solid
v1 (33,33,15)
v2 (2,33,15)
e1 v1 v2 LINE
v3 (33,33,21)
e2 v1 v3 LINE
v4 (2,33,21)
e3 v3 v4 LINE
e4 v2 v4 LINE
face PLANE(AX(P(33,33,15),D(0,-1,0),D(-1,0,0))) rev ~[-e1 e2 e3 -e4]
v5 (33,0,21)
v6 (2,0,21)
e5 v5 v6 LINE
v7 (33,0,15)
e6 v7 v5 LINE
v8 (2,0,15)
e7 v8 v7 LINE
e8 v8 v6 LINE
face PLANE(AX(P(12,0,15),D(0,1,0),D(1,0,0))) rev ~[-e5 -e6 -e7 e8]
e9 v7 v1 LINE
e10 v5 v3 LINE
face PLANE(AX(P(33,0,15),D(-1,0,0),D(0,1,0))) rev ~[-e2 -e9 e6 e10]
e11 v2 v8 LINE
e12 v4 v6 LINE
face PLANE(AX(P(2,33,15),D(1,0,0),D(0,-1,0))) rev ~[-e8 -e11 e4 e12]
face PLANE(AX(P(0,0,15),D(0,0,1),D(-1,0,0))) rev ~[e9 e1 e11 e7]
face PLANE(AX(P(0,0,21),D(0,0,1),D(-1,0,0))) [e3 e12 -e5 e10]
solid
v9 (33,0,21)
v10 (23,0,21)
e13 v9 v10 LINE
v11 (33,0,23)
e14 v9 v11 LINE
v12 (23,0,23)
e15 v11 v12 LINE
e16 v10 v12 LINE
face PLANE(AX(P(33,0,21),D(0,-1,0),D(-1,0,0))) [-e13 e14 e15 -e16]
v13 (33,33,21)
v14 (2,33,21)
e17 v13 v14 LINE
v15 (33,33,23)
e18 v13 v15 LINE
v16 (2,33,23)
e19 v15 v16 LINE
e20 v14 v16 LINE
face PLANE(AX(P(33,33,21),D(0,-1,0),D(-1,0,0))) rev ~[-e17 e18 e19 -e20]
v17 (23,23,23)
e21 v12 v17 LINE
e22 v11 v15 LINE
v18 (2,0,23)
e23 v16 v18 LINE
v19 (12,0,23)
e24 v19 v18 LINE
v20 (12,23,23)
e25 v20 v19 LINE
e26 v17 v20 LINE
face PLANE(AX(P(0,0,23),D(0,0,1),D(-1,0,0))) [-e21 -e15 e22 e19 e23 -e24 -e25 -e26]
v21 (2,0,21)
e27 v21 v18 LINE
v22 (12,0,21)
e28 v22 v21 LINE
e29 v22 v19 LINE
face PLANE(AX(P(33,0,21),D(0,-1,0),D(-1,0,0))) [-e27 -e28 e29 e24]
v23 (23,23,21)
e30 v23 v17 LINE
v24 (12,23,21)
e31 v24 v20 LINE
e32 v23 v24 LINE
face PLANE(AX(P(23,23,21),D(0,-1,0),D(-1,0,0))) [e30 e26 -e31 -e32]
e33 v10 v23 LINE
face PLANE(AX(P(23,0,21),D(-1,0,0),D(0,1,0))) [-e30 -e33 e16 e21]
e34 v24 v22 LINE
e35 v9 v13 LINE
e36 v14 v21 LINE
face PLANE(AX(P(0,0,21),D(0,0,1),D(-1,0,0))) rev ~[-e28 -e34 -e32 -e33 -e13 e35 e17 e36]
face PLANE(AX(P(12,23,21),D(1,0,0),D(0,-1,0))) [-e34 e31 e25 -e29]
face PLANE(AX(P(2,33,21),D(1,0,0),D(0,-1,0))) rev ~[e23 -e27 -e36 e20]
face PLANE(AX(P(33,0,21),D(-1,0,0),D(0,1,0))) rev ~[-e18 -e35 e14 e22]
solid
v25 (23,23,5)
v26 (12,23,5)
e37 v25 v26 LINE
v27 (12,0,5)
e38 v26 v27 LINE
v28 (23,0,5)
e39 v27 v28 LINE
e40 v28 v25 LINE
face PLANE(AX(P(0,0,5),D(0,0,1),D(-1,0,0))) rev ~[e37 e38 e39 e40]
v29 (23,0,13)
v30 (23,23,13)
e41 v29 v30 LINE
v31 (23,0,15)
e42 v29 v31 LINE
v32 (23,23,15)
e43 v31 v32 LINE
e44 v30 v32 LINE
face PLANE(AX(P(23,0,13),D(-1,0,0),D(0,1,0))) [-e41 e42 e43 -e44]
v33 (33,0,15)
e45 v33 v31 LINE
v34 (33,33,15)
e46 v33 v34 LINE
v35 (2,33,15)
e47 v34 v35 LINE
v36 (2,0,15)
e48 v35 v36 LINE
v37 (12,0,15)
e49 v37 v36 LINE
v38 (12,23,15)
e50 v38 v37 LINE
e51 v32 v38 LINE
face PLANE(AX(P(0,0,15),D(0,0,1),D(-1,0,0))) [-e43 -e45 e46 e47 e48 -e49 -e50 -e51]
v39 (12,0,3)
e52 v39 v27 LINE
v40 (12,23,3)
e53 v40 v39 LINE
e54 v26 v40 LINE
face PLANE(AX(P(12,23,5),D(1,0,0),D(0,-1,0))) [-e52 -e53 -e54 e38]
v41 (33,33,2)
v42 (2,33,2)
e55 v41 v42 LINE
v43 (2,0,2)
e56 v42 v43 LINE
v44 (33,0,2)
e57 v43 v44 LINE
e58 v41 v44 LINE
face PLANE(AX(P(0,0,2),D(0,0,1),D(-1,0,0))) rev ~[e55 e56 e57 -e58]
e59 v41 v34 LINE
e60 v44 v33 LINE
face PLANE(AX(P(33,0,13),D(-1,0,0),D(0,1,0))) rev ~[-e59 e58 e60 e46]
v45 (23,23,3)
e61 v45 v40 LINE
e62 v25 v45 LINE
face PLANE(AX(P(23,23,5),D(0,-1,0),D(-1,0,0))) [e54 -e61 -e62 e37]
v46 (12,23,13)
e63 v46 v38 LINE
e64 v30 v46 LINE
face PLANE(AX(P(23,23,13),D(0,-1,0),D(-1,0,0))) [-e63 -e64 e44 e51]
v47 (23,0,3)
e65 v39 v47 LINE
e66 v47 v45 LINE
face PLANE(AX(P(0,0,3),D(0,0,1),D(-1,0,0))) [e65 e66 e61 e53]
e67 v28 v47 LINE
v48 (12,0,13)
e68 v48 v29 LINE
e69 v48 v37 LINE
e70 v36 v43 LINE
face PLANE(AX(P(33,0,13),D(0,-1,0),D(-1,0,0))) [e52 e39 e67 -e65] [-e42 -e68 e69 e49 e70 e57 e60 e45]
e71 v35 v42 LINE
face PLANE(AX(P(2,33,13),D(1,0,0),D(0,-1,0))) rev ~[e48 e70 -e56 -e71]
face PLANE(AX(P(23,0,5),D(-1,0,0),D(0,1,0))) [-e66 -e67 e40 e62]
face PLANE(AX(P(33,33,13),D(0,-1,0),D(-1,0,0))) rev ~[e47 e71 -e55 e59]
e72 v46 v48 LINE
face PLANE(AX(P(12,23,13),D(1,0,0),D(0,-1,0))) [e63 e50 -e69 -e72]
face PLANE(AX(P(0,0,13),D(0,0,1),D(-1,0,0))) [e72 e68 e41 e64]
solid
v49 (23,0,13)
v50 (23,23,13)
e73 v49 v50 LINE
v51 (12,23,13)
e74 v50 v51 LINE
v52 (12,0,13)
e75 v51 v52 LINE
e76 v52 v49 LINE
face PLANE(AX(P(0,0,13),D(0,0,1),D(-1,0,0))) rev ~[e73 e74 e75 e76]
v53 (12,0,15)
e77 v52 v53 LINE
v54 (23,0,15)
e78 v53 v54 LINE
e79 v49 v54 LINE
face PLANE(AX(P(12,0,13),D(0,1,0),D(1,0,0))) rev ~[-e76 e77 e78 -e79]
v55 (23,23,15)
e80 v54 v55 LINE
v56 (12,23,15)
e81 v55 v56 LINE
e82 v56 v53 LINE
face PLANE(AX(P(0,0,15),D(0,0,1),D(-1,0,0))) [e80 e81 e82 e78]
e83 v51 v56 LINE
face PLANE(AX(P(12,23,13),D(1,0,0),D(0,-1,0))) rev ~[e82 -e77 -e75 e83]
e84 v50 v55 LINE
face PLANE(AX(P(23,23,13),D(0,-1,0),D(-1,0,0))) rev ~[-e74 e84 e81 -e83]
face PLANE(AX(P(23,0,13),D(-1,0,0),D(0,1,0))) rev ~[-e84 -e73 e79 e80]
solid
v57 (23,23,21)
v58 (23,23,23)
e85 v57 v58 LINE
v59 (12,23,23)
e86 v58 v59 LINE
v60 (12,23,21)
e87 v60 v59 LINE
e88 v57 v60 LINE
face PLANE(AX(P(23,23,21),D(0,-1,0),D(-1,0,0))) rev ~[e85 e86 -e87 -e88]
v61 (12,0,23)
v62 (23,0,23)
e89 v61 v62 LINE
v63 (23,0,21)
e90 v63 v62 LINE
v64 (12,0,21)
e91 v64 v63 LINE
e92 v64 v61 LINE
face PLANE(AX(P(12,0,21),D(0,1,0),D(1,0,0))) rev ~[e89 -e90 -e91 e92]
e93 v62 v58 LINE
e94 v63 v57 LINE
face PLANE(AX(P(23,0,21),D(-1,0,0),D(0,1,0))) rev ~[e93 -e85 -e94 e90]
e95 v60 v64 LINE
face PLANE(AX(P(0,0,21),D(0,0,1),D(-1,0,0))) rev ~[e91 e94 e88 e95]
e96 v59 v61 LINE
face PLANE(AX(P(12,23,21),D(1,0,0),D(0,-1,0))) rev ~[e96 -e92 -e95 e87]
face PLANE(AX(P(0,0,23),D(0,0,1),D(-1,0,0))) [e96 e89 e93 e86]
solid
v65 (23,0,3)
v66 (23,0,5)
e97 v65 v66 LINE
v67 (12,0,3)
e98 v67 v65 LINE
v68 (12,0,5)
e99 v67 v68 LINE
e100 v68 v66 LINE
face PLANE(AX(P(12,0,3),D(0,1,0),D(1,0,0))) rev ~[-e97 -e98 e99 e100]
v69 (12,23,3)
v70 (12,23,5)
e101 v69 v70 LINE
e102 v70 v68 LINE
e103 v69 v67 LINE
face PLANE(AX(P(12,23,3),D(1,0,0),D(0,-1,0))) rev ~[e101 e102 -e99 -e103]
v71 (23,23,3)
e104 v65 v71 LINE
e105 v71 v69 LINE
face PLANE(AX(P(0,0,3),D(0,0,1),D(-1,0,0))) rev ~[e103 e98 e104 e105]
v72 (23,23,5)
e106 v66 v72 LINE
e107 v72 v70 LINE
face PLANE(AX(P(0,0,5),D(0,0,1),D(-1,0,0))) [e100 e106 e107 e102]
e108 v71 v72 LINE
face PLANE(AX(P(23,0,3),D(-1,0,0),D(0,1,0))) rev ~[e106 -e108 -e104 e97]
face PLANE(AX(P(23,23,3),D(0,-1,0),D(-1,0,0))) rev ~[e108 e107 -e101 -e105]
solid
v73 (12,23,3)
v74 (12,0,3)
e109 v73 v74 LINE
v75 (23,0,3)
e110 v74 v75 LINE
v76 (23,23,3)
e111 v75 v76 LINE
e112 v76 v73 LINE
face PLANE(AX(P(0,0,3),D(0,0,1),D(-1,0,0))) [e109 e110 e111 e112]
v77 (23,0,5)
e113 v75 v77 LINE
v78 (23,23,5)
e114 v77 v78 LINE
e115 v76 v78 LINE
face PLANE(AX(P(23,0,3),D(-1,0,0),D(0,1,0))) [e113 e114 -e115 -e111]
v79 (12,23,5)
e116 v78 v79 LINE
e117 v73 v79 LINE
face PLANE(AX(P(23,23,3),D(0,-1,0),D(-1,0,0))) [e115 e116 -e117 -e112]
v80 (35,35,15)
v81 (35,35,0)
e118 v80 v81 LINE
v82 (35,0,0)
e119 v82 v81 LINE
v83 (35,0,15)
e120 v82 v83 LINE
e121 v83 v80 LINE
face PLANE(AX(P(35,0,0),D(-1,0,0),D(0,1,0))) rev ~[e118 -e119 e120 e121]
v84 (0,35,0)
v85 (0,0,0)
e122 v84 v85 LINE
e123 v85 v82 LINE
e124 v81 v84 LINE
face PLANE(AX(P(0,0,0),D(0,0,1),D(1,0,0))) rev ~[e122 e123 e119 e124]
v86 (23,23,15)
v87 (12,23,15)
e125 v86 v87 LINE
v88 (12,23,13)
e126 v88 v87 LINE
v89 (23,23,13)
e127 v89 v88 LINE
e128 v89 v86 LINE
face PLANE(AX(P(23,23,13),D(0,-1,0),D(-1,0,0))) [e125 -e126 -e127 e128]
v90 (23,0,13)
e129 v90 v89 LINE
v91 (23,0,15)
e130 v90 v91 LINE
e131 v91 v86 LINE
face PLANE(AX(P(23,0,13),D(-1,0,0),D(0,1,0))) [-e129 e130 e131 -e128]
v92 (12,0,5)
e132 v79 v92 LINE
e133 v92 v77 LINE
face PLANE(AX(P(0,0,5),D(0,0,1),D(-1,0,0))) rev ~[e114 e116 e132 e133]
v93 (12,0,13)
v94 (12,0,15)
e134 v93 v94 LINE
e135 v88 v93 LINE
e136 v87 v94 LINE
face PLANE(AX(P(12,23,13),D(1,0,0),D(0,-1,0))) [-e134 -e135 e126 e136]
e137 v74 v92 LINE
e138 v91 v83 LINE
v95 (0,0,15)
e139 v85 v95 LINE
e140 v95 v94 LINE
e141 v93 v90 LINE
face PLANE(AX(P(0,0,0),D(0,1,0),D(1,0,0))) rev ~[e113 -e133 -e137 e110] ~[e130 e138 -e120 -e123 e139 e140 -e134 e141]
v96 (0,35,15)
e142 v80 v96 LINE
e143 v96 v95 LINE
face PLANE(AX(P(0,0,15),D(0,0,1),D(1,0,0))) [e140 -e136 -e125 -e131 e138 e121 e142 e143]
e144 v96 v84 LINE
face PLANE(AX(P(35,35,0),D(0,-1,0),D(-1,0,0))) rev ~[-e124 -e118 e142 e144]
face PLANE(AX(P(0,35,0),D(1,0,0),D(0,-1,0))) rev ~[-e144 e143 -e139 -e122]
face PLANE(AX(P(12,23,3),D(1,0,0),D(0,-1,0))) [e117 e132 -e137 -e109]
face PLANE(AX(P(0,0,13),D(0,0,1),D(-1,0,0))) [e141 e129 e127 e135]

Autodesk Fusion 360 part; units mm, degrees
sketch "Esquisse1" plane through (0, 0, 0) normal (0, 0, 1) x (1, 0, 0)
  line L0 (0, 0) -> (35, 0)
  line L1 (35, 0) -> (35, 35)
  line L2 (35, 35) -> (0, 35)
  line L3 (0, 35) -> (0, 0)
  dimension "d11" = 35
  dimension "d12" = 35
sketch "Esquisse1 (2)" plane through (0, 0, 2) normal (0, 0, 1) x (-1, 0, 0) in component "Shield"
  line L0 (0, -36) -> (0, 0)
  line L1 (0, 0) -> (-36, 0)
  line L2 (-36, 0) -> (-36, -36)
  line L3 (-36, -36) -> (0, -36)
  line L4 (0, -36) -> (-2, -36)
  line L5 (-2, -36) -> (-2, -1)
  line L6 (-2, -1) -> (0, -1)
  line L7 (0, -1) -> (0, -36)
  line L8 (0, -36) -> (-35, -36)
  line L9 (-35, -36) -> (-35, -34)
  line L10 (-35, -34) -> (0, -34)
  line L11 (0, -34) -> (0, -36)
  line L12 (-35, -36) -> (-33, -36)
  line L13 (-33, -36) -> (-33, -1)
  line L14 (-33, -1) -> (-35, -1)
  line L15 (-35, -1) -> (-35, -36)
  line L16 (-35, -1) -> (0, -1)
  line L17 (0, -1) -> (0, -3)
  line L18 (0, -3) -> (-35, -3)
  line L19 (-35, -3) -> (-35, -1)
  dimension "d15" = 2
  dimension "d16" = 35
  dimension "d17" = 35
  dimension "d18" = 2
  dimension "d19" = 2
  dimension "d20" = 35
  dimension "d21" = 35
  dimension "d22" = 2
sketch "Esquisse2" plane through (0, 0, 2) normal (0, 0, 1) x (-1, 0, 0) in component "Shield"
  line L0 (-36, -2) -> (-34, -2)
  line L1 (-34, -2) -> (-34, -34)
  line L2 (-34, -34) -> (-2, -34)
  line L3 (-2, -34) -> (-2, -2)
  line L4 (-2, -2) -> (0, -2)
  line L5 (0, -2) -> (0, 0)
  line L6 (0, 0) -> (-36, 0)
  line L7 (-36, 0) -> (-36, -2)
sketch "Esquisse1 (3)" plane through (0, 0, 6) normal (0, 0, 1) x (-1, 0, 0) in component "e*"
  line L0 (-36, 0) -> (-36, -2)
  line L1 (-36, -2) -> (-34, -2)
  line L2 (-34, -2) -> (-34, -34)
  line L3 (-34, -34) -> (-2, -34)
  line L4 (-2, -34) -> (-2, -2)
  line L5 (-2, -2) -> (0, -2)
  line L6 (0, -2) -> (0, 0)
  line L7 (0, 0) -> (-36, 0)
  line L8 (-12, -24) -> (-24, -24)
  line L9 (-24, -24) -> (-24, -3.2536)
  line L10 (-24, -3.2536) -> (-12, -3.2536)
  line L11 (-12, -3.2536) -> (-12, -24)
  dimension "d27" = 10
  dimension "d28" = 10
  dimension "d30" = 10
sketch "Esquisse1 (4)" plane through (0, 0, 16) normal (0, 0, 1) x (-1, 0, 0) in component "plaque_haut"
  line L0 (-2, 0) -> (-34, 0)
  line L1 (-34, 0) -> (-34, -34)
  line L2 (-34, -34) -> (-2, -34)
  line L3 (-2, -34) -> (-2, 0)
  line L4 (-12, -24) -> (-24, -24)
  line L5 (-24, -24) -> (-24, 0)
  line L6 (-24, 0) -> (-12, 0)
  line L7 (-12, 0) -> (-12, -24)
  dimension "d131" = 10
  dimension "d132" = 10
  dimension "d133" = 10
sketch "Esquisse2 (2)" plane through (0, 0, 0) normal (0, 0, 1) x (1, 0, 0)
  line L0 (0, 0) -> (35, 0)
  line L1 (35, 0) -> (35, 35)
  line L2 (35, 35) -> (0, 35)
  line L3 (0, 35) -> (0, 0)
  dimension "d85" = 35
  dimension "d86" = 35
extrude "Extrusion4" add sketch "Esquisse2 (2)" along normal blind 2 makes body 1 in component "Shield"
sketch "Esquisse3" plane through (0, 0, 2) normal (0, 0, 1) x (-1, 0, 0)
  line L0 (0, -35) -> (0, 0)
  line L1 (0, 0) -> (-35, 0)
  line L2 (-35, 0) -> (-35, -35)
  line L3 (-35, -35) -> (0, -35)
  line L4 (0, -35) -> (-2, -35)
  line L5 (-2, -35) -> (-2, 0)
  line L6 (-2, 0) -> (0, 0)
  line L7 (0, 0) -> (0, -35)
  line L8 (0, -35) -> (-35, -35)
  line L9 (-35, -35) -> (-35, -33)
  line L10 (-35, -33) -> (0, -33)
  line L11 (0, -33) -> (0, -35)
  line L12 (-35, -35) -> (-33, -35)
  line L13 (-33, -35) -> (-33, 0)
  line L14 (-33, 0) -> (-35, 0)
  line L15 (-35, 0) -> (-35, -35)
  dimension "d89" = 2
  dimension "d90" = 35
  dimension "d91" = 35
  dimension "d92" = 2
  dimension "d93" = 2
  dimension "d94" = 35
extrude "Extrusion15" add sketch "Esquisse3" along normal blind 1 separate body contours L1 L5 L10 L13 makes body 2 in component "Support"
sketch "Esquisse1 (5)" plane through (0, 0, 3) normal (0, 0, 1) x (-1, 0, 0) in component "Plaque bas"
  line L0 (-33, -33) -> (-2, -33)
  line L1 (-2, -33) -> (-2, 0)
  line L2 (-2, 0) -> (-33, 0)
  line L3 (-33, 0) -> (-33, -33)
  line L4 (-12, 0) -> (-23, 0)
  line L5 (-23, 0) -> (-23, -23)
  line L6 (-23, -23) -> (-12, -23)
  line L7 (-12, -23) -> (-12, 0)
  dimension "d100" = 10
  dimension "d101" = 10
  dimension "d102" = 10
extrude "Extrusion16" add sketch "Esquisse1 (5)" along normal blind 2 contours L0 L1 L2 L3 L5 L6 L7 bodies 2 in component "Support"
extrude "Extrusion5" add 1 faces at (19.3333, 7.6667, 3) along direction (0, 0, 1) blind 2 separate body on bodies 2 makes body 3 in component "Plaque bas"
extrude "Extrusion17" add 1 faces at (29.6667, 18.6667, 5) along direction (0, 0, 1) blind 8 on bodies 2 bodies 2 in component "Support"
extrude "Extrusion18" add 1 faces at (19.3333, 7.6667, 5) along direction (0, 0, 1) blind 8 on bodies 3 bodies 2 in component "Support"
sketch "Esquisse2 (3)" plane through (0, 0, 13) normal (0, 0, 1) x (-1, 0, 0) in component "plaque_haut"
  line L0 (-2, 0) -> (-33, 0)
  line L1 (-33, 0) -> (-33, -33)
  line L2 (-33, -33) -> (-2, -33)
  line L3 (-2, -33) -> (-2, 0)
  line L4 (-12, 0) -> (-23, 0)
  line L5 (-23, 0) -> (-23, -23)
  line L6 (-23, -23) -> (-12, -23)
  line L7 (-12, -23) -> (-12, 0)
  point P0 (-23, 0)
  dimension "d111" = 10
  dimension "d112" = 10
  dimension "d113" = 10
extrude "Extrusion5'" add sketch "Esquisse2 (3)" along normal blind 2 separate body contours L0 L4 L5 L6 L7 makes body 4 in component "plaque_haut"
extrude "Extrusion19" add 1 faces at (22.6667, 11, 13) along direction (0, 0, 1) blind 2 on bodies 2 bodies 2 in component "Support"
copy_body "CopierCollerCorps3" bodies 4 makes body 5 in component "Support"
combine "Combiner2" operation cut target body 2 tool bodies 5 in component "Support"
extrude "Extrusion2" add 1 faces at (19.3333, 7.6667, 15) along direction (0, 0, 1) blind 6 separate body on bodies 4 makes body 6 in component "Mousse_haute"
extrude "Extrusion3" add 1 faces at (29.6667, 18.6667, 15) along direction (0, 0, 1) blind 6 on bodies 2 bodies 6 in component "Mousse_haute"
extrude "Extrusion5''" add 1 faces at (11.6667, 23.3333, 2) along direction (0, 0, 1) blind 13 on bodies 1 bodies 1 in component "Shield"
copy_body "CopierCollerCorps1" bodies 3 makes body 7 in component "Shield"
copy_body "CopierCollerCorps2" bodies 4 7 makes body 8 makes body 9 in component "Shield"
copy_body "CopierCollerCorps3'" bodies 4 makes body 10 in component "Shield"
combine "Combiner1" operation cut target body 1 tool bodies 7 8 9 10 in component "Shield"
sketch "Esquisse1 (6)" plane through (0, 0, 21) normal (0, 0, 1) x (-1, 0, 0) in component "Support"
  line L0 (-2, 0) -> (-33, 0)
  line L1 (-33, 0) -> (-33, -33)
  line L2 (-33, -33) -> (-2, -33)
  line L3 (-2, -33) -> (-2, 0)
  line L4 (-12, 0) -> (-23, 0)
  line L5 (-23, 0) -> (-23, -23)
  line L6 (-23, -23) -> (-12, -23)
  line L7 (-12, -23) -> (-12, 0)
  dimension "d124" = 10
  dimension "d125" = 10
  dimension "d126" = 10
extrude "Extrusion2'" add sketch "Esquisse1 (6)" along normal blind 2 separate body contours L0 L4 L5 L6 L7 makes body 11 in component "plateau_conducteur"
extrude "Extrusion1" add 1 faces at (22.6667, 11, 21) along direction (0, 0, 1) blind 2 separate body on bodies 6 makes body 12 in component "plateau_non_conducteur"
copy_body "CopierCollerCorps1'" bodies 11 makes body 13 in component "plateau_non_conducteur"
combine "Combiner1'" operation cut target body 12 tool bodies 13 in component "plateau_non_conducteur"
component "Shield" placed x (1, 0, 0) y (0, 1, 0) z (0, 0, 1) at (0, 0, 0)
component "Plaque bas" placed x (1, 0, 0) y (0, 1, 0) z (0, 0, 1) at (0, 0, 0)
component "Support" placed x (1, 0, 0) y (0, 1, 0) z (0, 0, 1) at (0, 0, 0)
component "Mousse_basse" placed x (1, 0, 0) y (0, 1, 0) z (0, 0, 1) at (0, 0, 0)
component "plaque_haut" placed x (1, 0, 0) y (0, 1, 0) z (0, 0, 1) at (0, 0, 0)
component "Mousse_haute" placed x (1, 0, 0) y (0, 1, 0) z (0, 0, 1) at (0, 0, 0)
component "plateau_conducteur" placed x (1, 0, 0) y (0, 1, 0) z (0, 0, 1) at (0, 0, 0)
component "plateau_non_conducteur" placed x (1, 0, 0) y (0, 1, 0) z (0, 0, 1) at (0, 0, 0)
component "e*" placed x (1, 0, 0) y (0, 1, 0) z (0, 0, 1) at (0, 0, 0) in component "Plaque bas"
equation "Deltax = 8 mm"
equation "Largeur_electrode = 8 mm"
equation "Longeur = 20 mm"
equation "epaisseur_mousse = 6 mm"
equation "Hauteur_support = 1 mm"
equation "deltad = 8 mm"
equation "Hauteur = epaisseur_mousse + epaisseur_electrode + deltad + Hauteur_support"
equation "Largeur = 35 mm"
equation "epaisseur_electrode = 2 mm"
equation "distance_bord_electrode = 10 mm"
equation "d11 = Largeur"
equation "d12 = Largeur"
equation "d15 = epaisseur_electrode"
equation "d16 = Largeur"
equation "d17 = Largeur"
equation "d18 = epaisseur_electrode"
equation "d19 = epaisseur_electrode"
equation "d20 = Largeur"
equation "d21 = Largeur"
equation "d22 = epaisseur_electrode"
equation "d27 = distance_bord_electrode"
equation "d28 = distance_bord_electrode"
equation "d30 = distance_bord_electrode"
equation "d85 = Largeur"
equation "d86 = Largeur"
equation "d87 = epaisseur_electrode"
equation "d89 = epaisseur_electrode"
equation "d90 = Largeur"
equation "d91 = Largeur"
equation "d92 = epaisseur_electrode"
equation "d93 = epaisseur_electrode"
equation "d94 = Largeur"
equation "d95 = Hauteur_support"
equation "d100 = distance_bord_electrode"
equation "d101 = distance_bord_electrode"
equation "d102 = distance_bord_electrode"
equation "d103 = epaisseur_electrode"
equation "d105 = epaisseur_electrode"
equation "d107 = deltad"
equation "d109 = deltad"
equation "d111 = distance_bord_electrode"
equation "d112 = distance_bord_electrode"
equation "d113 = distance_bord_electrode"
equation "d114 = epaisseur_electrode"
equation "d116 = epaisseur_electrode"
equation "d118 = epaisseur_mousse"
equation "d120 = epaisseur_mousse"
equation "d122 = deltad + 2 * epaisseur_electrode + Hauteur_support"
equation "d124 = distance_bord_electrode"
equation "d125 = distance_bord_electrode"
equation "d126 = distance_bord_electrode"
equation "d127 = epaisseur_electrode"
equation "d129 = epaisseur_electrode"
equation "d131 = distance_bord_electrode"
equation "d132 = distance_bord_electrode"
equation "d133 = distance_bord_electrode"
